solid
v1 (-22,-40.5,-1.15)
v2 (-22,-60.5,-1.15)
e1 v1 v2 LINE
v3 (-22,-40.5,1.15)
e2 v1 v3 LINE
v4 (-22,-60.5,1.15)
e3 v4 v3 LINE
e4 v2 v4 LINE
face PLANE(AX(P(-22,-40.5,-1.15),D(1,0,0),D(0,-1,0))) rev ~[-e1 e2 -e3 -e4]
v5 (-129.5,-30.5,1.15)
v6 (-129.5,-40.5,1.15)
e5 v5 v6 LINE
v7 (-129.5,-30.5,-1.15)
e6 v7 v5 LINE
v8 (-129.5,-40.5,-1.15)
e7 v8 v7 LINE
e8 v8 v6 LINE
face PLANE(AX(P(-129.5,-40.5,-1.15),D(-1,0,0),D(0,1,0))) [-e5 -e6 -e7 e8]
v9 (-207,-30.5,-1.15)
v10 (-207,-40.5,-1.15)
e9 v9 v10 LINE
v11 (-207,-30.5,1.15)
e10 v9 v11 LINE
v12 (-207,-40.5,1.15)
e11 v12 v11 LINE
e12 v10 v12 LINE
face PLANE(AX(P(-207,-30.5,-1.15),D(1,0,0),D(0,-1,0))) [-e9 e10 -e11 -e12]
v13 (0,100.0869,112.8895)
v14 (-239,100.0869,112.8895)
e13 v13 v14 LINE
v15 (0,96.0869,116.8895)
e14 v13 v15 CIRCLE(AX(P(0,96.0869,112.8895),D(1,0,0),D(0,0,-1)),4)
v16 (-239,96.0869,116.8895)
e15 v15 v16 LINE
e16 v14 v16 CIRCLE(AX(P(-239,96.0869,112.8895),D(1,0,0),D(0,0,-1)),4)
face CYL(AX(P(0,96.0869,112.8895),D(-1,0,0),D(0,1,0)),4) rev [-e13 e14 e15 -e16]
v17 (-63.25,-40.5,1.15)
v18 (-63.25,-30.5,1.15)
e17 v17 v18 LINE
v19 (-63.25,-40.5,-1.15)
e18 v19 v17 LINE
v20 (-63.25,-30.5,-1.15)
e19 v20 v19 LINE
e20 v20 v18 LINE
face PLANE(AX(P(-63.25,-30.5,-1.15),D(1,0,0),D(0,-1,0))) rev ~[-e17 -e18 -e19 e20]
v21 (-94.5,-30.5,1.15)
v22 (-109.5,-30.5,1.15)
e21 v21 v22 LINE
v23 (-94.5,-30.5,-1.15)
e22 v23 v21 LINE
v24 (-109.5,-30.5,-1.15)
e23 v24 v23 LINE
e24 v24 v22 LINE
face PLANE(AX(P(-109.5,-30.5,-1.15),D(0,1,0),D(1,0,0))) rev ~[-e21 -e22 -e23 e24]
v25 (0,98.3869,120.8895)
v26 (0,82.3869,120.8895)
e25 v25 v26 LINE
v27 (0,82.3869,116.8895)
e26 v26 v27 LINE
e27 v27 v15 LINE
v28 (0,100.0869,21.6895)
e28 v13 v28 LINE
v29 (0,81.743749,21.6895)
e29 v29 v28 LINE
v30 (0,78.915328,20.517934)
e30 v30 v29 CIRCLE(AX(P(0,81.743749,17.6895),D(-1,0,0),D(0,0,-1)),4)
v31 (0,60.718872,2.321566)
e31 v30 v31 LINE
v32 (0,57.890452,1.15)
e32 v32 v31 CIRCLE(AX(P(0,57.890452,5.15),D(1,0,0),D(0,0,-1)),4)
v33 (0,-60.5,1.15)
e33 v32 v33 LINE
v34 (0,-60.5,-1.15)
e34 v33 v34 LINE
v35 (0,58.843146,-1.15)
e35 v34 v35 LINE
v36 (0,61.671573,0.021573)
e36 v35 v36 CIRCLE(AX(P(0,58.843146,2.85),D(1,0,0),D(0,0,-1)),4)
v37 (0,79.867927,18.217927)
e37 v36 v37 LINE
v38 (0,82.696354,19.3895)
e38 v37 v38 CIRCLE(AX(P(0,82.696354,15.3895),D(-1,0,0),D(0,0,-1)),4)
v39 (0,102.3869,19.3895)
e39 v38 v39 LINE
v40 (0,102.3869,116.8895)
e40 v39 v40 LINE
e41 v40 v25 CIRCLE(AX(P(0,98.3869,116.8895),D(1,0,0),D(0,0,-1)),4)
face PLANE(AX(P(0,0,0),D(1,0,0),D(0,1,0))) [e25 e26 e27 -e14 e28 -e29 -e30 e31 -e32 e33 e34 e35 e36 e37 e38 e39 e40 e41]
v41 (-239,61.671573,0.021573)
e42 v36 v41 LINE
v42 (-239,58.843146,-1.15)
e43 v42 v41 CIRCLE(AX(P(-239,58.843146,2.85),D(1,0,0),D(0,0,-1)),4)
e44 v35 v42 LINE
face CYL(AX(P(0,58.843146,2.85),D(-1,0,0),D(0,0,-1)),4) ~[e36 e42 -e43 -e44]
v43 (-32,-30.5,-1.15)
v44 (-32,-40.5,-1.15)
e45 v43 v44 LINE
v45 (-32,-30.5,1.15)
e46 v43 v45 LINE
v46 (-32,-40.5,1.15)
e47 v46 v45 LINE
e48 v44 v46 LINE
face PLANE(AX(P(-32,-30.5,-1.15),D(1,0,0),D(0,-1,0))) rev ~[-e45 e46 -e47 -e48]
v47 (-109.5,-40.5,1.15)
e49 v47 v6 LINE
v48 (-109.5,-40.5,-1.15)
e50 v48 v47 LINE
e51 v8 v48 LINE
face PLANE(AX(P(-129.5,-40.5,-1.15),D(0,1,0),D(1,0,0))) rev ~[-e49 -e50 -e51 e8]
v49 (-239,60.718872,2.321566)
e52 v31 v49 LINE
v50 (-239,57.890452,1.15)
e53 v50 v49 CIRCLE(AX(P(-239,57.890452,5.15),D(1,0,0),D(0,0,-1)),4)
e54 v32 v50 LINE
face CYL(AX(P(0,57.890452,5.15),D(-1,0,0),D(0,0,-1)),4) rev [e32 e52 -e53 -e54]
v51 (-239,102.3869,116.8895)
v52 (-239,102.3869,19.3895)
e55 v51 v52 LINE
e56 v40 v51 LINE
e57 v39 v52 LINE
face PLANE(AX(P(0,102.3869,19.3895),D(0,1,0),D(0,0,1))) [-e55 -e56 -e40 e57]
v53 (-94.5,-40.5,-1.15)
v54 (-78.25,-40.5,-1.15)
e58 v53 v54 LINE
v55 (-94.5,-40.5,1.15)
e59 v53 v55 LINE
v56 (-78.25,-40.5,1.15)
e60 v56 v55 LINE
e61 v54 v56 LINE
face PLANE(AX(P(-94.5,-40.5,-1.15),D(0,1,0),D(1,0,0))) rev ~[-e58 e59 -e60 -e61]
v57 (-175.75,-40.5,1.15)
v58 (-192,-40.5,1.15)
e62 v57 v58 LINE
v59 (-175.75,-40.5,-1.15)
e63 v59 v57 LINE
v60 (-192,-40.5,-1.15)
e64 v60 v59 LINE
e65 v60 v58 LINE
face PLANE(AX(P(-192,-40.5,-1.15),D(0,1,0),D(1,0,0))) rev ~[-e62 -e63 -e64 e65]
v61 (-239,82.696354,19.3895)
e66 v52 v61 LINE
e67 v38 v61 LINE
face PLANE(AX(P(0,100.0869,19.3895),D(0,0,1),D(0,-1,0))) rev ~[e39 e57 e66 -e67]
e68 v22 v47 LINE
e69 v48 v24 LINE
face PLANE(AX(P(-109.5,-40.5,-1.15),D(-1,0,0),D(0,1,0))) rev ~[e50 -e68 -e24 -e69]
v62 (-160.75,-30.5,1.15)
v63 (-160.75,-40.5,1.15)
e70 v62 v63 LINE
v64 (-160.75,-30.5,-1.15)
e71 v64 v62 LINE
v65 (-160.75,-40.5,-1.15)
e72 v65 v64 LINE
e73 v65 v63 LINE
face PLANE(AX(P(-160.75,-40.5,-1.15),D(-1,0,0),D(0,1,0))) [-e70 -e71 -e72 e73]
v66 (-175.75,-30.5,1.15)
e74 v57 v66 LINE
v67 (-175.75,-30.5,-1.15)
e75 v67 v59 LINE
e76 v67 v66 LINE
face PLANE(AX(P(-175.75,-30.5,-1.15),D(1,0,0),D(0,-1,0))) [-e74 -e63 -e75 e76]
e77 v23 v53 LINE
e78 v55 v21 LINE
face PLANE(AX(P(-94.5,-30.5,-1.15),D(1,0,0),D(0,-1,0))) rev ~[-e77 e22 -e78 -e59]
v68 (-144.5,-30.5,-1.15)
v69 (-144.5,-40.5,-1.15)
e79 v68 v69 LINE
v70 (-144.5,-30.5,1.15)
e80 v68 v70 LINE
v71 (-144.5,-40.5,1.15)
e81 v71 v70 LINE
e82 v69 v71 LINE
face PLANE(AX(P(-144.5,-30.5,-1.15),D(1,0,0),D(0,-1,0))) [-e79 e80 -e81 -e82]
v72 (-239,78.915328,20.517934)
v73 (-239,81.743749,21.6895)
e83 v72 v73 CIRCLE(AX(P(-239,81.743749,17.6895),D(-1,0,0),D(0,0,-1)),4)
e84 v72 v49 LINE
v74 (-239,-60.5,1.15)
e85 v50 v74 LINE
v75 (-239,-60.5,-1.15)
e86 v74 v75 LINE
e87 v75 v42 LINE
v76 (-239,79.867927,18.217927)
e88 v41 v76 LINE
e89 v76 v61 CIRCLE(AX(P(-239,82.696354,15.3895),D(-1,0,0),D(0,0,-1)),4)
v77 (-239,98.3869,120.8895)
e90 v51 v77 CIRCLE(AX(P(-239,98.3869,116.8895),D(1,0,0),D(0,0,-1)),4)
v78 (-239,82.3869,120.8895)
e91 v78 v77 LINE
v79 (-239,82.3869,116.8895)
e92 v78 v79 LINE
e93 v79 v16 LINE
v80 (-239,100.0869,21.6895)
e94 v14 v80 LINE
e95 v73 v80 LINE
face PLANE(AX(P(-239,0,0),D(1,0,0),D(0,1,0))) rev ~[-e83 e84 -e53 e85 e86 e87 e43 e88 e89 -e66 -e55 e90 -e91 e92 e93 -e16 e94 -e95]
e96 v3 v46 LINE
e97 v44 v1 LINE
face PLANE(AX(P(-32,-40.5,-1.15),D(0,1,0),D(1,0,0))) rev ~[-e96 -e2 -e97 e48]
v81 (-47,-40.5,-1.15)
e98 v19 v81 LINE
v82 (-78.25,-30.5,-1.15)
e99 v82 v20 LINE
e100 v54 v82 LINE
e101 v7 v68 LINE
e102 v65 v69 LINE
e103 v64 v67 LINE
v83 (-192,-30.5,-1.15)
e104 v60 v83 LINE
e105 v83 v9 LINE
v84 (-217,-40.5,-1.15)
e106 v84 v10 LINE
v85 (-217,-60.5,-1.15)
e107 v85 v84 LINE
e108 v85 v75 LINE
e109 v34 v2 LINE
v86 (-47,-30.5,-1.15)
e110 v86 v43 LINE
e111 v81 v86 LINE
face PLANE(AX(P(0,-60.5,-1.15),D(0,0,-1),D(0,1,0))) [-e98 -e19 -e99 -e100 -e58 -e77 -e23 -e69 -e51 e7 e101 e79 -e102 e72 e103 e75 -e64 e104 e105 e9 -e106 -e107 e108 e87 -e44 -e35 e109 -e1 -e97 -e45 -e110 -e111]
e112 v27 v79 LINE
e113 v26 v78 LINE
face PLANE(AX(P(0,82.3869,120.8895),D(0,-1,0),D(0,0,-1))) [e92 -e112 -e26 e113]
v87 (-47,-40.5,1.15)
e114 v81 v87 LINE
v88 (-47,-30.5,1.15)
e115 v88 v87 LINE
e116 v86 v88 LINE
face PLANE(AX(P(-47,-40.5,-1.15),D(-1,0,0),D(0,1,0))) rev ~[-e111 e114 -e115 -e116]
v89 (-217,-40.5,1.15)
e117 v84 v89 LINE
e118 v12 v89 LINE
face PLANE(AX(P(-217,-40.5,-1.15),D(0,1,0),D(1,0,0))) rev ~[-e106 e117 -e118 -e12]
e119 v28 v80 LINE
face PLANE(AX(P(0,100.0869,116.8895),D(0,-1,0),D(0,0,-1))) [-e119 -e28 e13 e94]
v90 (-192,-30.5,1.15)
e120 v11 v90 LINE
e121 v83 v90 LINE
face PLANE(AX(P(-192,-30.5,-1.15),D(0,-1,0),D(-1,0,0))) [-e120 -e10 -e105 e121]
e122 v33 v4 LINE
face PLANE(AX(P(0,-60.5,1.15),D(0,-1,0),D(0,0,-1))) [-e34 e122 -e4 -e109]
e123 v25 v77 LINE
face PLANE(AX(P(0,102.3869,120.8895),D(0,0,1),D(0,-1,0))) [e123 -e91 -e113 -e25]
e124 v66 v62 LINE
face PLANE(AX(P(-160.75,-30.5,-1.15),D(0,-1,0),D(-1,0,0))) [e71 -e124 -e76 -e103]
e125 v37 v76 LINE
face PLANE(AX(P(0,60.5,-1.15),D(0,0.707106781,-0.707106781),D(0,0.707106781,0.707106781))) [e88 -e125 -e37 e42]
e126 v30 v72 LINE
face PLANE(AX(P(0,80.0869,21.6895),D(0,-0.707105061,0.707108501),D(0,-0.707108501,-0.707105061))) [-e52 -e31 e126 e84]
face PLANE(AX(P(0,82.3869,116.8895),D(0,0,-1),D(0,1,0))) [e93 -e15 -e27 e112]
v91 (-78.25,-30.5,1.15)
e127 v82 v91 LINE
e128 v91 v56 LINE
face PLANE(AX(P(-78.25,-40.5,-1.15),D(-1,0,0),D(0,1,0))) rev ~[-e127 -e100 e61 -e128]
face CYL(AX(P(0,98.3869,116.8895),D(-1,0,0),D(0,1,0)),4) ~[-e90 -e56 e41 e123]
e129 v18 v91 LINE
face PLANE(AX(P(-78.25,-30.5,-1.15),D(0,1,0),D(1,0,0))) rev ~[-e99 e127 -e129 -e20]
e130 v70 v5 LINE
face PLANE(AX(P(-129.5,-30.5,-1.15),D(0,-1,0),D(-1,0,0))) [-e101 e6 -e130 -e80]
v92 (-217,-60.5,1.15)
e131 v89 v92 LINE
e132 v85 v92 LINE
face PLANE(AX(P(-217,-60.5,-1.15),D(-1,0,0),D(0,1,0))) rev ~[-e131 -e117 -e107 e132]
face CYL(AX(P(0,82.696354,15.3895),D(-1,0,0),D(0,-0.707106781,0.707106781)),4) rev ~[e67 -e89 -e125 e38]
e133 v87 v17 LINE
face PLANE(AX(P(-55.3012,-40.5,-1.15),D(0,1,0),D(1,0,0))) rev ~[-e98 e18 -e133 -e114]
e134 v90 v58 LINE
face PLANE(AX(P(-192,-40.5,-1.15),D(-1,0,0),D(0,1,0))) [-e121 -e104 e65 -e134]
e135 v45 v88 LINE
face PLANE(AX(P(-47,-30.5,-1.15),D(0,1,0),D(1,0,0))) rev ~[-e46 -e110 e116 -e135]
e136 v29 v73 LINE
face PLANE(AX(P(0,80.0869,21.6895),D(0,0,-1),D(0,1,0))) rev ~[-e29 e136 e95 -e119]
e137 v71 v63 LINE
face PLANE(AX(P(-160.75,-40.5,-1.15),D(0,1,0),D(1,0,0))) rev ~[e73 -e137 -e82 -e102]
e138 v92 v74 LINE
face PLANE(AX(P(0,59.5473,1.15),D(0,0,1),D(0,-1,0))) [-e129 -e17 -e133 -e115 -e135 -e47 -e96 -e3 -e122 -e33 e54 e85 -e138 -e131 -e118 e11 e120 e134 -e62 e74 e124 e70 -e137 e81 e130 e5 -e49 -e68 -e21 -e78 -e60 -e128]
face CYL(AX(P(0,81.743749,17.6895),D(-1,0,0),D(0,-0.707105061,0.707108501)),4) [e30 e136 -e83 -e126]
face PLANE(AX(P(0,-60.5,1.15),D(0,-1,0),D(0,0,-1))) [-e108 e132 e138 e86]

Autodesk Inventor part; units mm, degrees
ref_plane "YZ Plane" through (0, 0, 0) normal (1, 0, 0) x (0, 1, 0)
ref_plane "XZ Plane" through (0, 0, 0) normal (0, 1, 0) x (-1, 0, 0)
ref_plane "XY Plane" through (0, 0, 0) normal (0, 0, 1) x (1, 0, 0)
sketch "Sketch1" plane through (0, 0, 0) normal (1, 0, 0) x (0, 1, 0)
  line L0 (60.5, 1.15) -> (-60.5, 1.15)
  line L1 (-60.5, 1.15) -> (-60.5, -1.15)
  line L2 (-60.5, -1.15) -> (60.5, -1.15)
  line L3 (60.5, -1.15) -> (60.5, 1.15)
  line L4 (60.5, 1.15) -> (-60.5, -1.15) construction
  line L5 (-60.5, 1.15) -> (60.5, -1.15) construction
  line L6 (60.5, -1.15) -> (81.7132, 20.0632)
  line L7 (60.5, -1.15) -> (90.5, -1.15) construction
  line L8 (81.7132, 20.0632) -> (80.0869, 21.6895)
  line L9 (80.0869, 21.6895) -> (59.5288, 1.1315)
  line L10 (80.0869, 21.6895) -> (100.0869, 21.6895)
  line L11 (100.0869, 21.6895) -> (100.0869, 19.3895)
  line L12 (100.0869, 19.3895) -> (81.0395, 19.3895)
  line L13 (100.0869, 19.3895) -> (102.3869, 19.3895)
  line L14 (102.3869, 19.3895) -> (102.3869, 120.8895)
  line L15 (102.3869, 120.8895) -> (100.0869, 120.8895)
  line L16 (100.0869, 120.8895) -> (100.0869, 19.3895)
  line L17 (102.3869, 120.8895) -> (82.3869, 120.8895)
  line L18 (82.3869, 120.8895) -> (82.3869, 116.8895)
  line L19 (82.3869, 116.8895) -> (102.3869, 116.8895)
  line L20 (102.3869, 116.8895) -> (102.3869, 120.8895)
  point P0 (0, 0)
  point P1 (59.5473, 1.15)
  point P2 (100.0869, 116.8895)
  point P3 (100.0869, 21.6895)
  dimension "d0" = 121
  dimension "d1" = 2.3
  dimension "d2" = 30
  dimension "d3" = 45
  dimension "d4" = 2.3
  dimension "d5" = 20
  dimension "d6" = 2.3
  dimension "d7" = 2.3
  dimension "d8" = 101.5
  dimension "d9" = 20
  dimension "d10" = 4
extrude "Extrusion1" add sketch "Sketch1" against normal blind 239
fillet "Fillet1" radius 4 1 edges at (-119.5, 60.5, -1.15)
fillet "Fillet2" radius 4 5 edges at (-119.5, 59.5473, 1.15) (-119.5, 81.0395, 19.3895) (-119.5, 80.0869, 21.6895) (-119.5, 102.3869, 120.8895) (-119.5, 100.0869, 116.8895)
sketch "Sketch2" plane through (0, -60.5, -1.15) normal (0, 0, -1) x (-1, 0, 0)
  line L0 (22, -20) -> (217, -20)
  line L1 (217, -20) -> (217, 20)
  line L2 (217, 20) -> (22, 20)
  line L3 (22, 20) -> (22, -20)
  line L4 (0, 0) -> (239, 0) projected
  line L5 (22, -20) -> (217, 20) construction
  line L6 (217, -20) -> (22, 20) construction
  line L7 (239, 119.3431) -> (239, 0) projected
  line L8 (0, 0) -> (0, 119.3431) projected
  line L9 (119.5, 20) -> (119.5, 119.3431) construction
  line L10 (119.5, 119.3431) -> (119.5, 0) construction
  line L11 (32, 20) -> (47, 20) construction
  line L12 (47, 20) -> (47, 30)
  line L13 (47, 30) -> (32, 30)
  line L14 (32, 30) -> (32, 20)
  line L15 (32, 20) -> (47, 20) construction
  line L16 (55.3012, 20) -> (70.3012, 20)
  line L17 (94.5, 20) -> (109.5, 20)
  line L18 (109.5, 20) -> (109.5, 30)
  line L19 (109.5, 30) -> (94.5, 30)
  line L20 (94.5, 30) -> (94.5, 20)
  line L21 (63.25, 20) -> (78.25, 20)
  line L22 (78.25, 20) -> (78.25, 30)
  line L23 (78.25, 30) -> (63.25, 30)
  line L24 (63.25, 30) -> (63.25, 20)
  line L25 (47, 30) -> (63.25, 30) construction
  line L26 (78.25, 30) -> (94.5, 30) construction
  line L27 (192, 20) -> (192, 30)
  line L28 (192, 30) -> (207, 30)
  line L29 (207, 30) -> (207, 20)
  line L30 (129.5, 20) -> (129.5, 30)
  line L31 (129.5, 30) -> (144.5, 30)
  line L32 (144.5, 30) -> (144.5, 20)
  line L33 (160.75, 20) -> (160.75, 30)
  line L34 (160.75, 30) -> (175.75, 30)
  line L35 (175.75, 30) -> (175.75, 20)
  point P0 (0, 60.5)
  point P1 (22, 0)
  point P2 (217, 0)
  point P3 (109.5, 20)
  point P4 (192, 20)
  point P5 (207, 20)
  point P6 (160.75, 20)
  dimension "d15" = 195
  dimension "d16" = 40
  dimension "d19" = 22
  dimension "d20" = 22
  dimension "d21" = 15
  dimension "d22" = 10
  dimension "d25" = 15
  dimension "d26" = 10
  dimension "d27" = 10
  dimension "d28" = 10
  dimension "d31" = 15
  dimension "d32" = 10
extrude "Extrusion2" cut sketch "Sketch2" against normal blind 10 contours L3 L2 L1 L4 | L14 L13 L12 L2 | L2 L27 L28 L29 | L2 L33 L34 L35 | L24 L23 L22 L2 | L2 L30 L31 L32 | L20 L19 L18 L2
properties part number "controlbox_cover"
